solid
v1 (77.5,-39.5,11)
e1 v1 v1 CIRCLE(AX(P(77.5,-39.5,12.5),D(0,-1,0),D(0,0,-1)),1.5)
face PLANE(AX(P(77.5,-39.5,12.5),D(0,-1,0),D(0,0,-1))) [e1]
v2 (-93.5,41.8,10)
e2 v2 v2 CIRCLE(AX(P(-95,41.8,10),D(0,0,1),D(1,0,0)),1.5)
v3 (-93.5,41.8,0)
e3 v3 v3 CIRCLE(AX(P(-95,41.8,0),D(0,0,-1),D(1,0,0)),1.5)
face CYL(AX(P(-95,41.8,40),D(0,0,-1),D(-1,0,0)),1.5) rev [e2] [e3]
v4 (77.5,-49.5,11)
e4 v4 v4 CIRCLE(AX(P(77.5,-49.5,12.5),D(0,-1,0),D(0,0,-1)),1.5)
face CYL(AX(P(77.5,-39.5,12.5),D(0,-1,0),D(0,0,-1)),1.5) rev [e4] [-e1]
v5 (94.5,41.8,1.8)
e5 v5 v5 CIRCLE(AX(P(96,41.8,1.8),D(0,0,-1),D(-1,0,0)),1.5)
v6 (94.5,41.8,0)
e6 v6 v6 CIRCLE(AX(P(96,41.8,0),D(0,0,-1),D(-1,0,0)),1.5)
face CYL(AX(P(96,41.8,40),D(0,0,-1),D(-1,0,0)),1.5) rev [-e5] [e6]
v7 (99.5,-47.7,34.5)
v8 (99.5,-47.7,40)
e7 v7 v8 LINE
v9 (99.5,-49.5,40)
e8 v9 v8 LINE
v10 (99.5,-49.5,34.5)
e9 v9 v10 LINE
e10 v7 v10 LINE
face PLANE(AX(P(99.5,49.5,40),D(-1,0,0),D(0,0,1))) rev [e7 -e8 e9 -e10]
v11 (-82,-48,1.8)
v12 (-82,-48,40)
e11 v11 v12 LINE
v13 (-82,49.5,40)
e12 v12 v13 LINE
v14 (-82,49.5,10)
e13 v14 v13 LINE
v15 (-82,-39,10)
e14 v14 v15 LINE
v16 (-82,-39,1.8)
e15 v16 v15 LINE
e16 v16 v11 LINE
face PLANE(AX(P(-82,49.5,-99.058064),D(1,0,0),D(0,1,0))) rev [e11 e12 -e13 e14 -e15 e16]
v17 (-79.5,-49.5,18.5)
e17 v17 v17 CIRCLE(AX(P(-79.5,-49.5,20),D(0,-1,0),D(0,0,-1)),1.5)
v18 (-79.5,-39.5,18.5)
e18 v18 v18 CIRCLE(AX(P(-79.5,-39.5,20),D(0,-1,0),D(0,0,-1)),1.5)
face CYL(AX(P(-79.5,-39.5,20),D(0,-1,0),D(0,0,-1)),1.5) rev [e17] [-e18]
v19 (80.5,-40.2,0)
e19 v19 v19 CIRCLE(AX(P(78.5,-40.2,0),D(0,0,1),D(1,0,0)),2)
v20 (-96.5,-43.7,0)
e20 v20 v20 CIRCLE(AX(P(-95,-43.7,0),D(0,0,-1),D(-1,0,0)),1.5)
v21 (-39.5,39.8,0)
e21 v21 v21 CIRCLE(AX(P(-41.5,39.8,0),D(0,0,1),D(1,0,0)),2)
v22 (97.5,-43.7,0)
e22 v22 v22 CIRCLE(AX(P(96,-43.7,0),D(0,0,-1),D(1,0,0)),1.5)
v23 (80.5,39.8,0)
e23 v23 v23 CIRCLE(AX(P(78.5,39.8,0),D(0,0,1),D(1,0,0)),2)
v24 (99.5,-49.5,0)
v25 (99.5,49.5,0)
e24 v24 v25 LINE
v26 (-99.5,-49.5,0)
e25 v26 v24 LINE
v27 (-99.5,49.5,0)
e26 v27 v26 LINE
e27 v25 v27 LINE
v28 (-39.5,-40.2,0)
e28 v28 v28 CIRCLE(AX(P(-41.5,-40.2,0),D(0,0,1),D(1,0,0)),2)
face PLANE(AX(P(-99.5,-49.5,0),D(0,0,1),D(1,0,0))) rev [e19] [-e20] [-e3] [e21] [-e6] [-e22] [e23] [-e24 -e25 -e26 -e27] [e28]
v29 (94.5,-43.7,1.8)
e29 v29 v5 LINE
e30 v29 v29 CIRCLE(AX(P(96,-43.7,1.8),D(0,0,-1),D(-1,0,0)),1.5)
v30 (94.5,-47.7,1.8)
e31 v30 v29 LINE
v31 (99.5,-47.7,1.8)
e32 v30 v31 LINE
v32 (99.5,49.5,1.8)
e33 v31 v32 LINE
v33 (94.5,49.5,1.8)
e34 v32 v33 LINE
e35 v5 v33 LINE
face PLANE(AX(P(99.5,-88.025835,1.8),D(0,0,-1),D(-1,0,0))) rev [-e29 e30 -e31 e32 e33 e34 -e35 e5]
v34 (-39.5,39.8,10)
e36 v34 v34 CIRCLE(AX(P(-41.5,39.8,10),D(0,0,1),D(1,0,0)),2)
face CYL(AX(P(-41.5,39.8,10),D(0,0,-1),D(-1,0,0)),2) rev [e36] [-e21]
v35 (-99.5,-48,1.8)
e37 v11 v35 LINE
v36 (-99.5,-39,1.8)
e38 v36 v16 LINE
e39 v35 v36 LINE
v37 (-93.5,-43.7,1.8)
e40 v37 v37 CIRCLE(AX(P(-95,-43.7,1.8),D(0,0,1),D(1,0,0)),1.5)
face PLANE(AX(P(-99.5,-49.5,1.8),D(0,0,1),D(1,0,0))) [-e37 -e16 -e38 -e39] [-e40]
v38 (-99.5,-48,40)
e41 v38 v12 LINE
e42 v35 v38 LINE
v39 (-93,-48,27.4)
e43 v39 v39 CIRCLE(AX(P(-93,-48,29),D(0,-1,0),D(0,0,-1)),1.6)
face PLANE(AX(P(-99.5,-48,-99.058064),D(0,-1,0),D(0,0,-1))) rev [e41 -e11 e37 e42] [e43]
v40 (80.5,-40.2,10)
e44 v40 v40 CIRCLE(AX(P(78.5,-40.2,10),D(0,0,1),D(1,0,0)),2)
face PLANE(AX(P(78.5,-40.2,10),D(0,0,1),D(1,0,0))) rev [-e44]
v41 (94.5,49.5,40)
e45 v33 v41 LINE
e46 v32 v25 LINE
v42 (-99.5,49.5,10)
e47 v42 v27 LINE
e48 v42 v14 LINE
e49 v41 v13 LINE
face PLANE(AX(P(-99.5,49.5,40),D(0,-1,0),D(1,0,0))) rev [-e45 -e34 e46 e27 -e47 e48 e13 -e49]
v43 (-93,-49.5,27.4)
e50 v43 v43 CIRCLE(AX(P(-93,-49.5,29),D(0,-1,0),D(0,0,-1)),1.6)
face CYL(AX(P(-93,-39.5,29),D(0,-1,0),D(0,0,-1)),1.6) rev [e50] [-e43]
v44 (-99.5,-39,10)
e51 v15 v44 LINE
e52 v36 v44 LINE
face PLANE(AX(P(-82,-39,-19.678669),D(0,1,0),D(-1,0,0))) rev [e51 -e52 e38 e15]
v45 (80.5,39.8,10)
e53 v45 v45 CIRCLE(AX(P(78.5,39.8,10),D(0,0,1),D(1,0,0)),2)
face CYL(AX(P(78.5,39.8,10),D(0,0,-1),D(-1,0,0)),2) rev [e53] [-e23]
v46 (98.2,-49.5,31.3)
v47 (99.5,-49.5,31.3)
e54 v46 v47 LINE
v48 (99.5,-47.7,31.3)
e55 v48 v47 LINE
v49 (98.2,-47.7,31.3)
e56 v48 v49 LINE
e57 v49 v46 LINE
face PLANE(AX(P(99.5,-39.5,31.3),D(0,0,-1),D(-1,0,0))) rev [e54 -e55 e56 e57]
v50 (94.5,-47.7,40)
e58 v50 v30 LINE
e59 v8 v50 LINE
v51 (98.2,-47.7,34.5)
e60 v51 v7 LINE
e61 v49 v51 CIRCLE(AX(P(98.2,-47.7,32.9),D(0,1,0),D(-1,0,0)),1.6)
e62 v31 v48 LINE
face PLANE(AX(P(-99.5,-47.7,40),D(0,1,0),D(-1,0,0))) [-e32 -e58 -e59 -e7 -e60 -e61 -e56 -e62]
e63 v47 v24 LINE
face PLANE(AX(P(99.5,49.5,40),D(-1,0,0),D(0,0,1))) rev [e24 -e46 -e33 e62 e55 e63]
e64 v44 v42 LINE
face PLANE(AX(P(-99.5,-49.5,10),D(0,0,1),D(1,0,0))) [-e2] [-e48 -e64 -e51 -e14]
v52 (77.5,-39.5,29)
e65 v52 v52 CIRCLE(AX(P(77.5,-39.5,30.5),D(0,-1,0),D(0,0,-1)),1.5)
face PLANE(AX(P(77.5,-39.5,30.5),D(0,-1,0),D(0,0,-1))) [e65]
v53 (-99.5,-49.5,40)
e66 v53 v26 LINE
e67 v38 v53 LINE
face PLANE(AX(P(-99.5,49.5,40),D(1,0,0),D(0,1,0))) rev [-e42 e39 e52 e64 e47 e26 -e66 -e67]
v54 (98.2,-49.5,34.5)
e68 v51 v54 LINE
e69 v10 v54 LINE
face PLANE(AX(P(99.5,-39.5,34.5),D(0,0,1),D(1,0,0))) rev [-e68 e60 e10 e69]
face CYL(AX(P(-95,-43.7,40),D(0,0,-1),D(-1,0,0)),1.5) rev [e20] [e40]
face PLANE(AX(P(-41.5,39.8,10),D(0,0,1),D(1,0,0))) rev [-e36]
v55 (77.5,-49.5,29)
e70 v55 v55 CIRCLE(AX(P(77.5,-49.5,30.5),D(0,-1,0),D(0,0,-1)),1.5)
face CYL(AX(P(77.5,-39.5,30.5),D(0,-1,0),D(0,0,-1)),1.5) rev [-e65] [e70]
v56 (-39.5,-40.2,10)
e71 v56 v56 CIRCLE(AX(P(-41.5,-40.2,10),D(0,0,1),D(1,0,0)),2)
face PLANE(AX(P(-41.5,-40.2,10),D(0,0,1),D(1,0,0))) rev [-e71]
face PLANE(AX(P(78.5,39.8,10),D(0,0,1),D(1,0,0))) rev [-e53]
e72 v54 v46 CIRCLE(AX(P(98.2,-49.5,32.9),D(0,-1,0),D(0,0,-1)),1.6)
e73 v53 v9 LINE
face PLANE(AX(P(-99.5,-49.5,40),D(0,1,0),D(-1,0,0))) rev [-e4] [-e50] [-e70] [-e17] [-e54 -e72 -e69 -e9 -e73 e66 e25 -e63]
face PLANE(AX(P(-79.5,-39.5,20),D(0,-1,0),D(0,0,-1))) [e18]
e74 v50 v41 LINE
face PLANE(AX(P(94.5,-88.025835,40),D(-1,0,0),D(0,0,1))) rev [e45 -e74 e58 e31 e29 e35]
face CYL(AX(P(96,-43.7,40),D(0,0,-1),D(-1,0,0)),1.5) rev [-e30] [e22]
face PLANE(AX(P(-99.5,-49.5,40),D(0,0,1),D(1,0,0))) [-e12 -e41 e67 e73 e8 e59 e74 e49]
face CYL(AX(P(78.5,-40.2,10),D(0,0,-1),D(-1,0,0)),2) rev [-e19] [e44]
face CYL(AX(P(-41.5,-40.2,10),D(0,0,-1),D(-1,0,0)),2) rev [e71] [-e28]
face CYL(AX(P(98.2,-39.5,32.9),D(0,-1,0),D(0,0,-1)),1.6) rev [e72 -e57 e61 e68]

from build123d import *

# Parameters (mm, degrees)
SKETCH_1_W          = 199
SKETCH_1_H          = 99
EXTRUDE_1_DEPTH     = 40
SKETCH_3_W          = 17.5
SKETCH_3_H          = 97.5
CUT_EXTRUDE_2_DEPTH = 30
SKETCH_6_W          = 5
SKETCH_6_H          = 38.2
CUT_EXTRUDE_5_DEPTH = 97.2
SKETCH_7_W          = 17.5
SKETCH_7_H          = 9
CUT_EXTRUDE_6_DEPTH = 8.2
SKETCH_2_R          = 2
CUT_EXTRUDE_1_DEPTH = 10
SKETCH_4_R          = 1.5
CUT_EXTRUDE_3_DEPTH = 10
SKETCH_5_R          = 1.6
CUT_EXTRUDE_4_DEPTH = 10
SKETCH_8_R          = 1.5
CUT_EXTRUDE_7_DEPTH = 119.11223476


with BuildPart() as part:
    # 草图1 → 拉伸1 (new body)
    with BuildSketch(Plane.XY):
        Rectangle(SKETCH_1_W, SKETCH_1_H)
    extrude(amount=EXTRUDE_1_DEPTH)

    # 草图3 → 切除-拉伸2 (cut)
    with BuildSketch(Plane.XY.offset(40)):
        with Locations((-90.75, 0.75)):
            Rectangle(SKETCH_3_W, SKETCH_3_H)
    extrude(amount=-CUT_EXTRUDE_2_DEPTH, mode=Mode.SUBTRACT)

    # 草图6 → 切除-拉伸5 (cut)
    with BuildSketch(Plane(origin=(0, 49.5, 0), x_dir=(-1, 0, 0), z_dir=(0, 1, 0))):
        with Locations((-97, 20.9)):
            Rectangle(SKETCH_6_W, SKETCH_6_H)
    extrude(amount=-CUT_EXTRUDE_5_DEPTH, mode=Mode.SUBTRACT)

    # 草图7 → 切除-拉伸6 (cut)
    with BuildSketch(Plane.XY.offset(10)):
        with Locations((-90.75, -43.5)):
            Rectangle(SKETCH_7_W, SKETCH_7_H)
    extrude(amount=-CUT_EXTRUDE_6_DEPTH, mode=Mode.SUBTRACT)

    # 草图2 → 切除-拉伸1 (cut)
    with BuildSketch(Plane.XY):
        with Locations((-41.5, 39.8)):
            Circle(SKETCH_2_R)
        with Locations((78.5, 39.8)):
            Circle(SKETCH_2_R)
        with Locations((-41.5, -40.2)):
            Circle(SKETCH_2_R)
        with Locations((78.5, -40.2)):
            Circle(SKETCH_2_R)
    extrude(amount=CUT_EXTRUDE_1_DEPTH, mode=Mode.SUBTRACT)

    # 草图4 → 切除-拉伸3 (cut)
    with BuildSketch(Plane.XZ.offset(49.5)):
        with Locations(Location((-79.5, 20, 0), (0, 0, 270))):
            Circle(SKETCH_4_R)
        with Locations(Location((77.5, 12.5, 0), (0, 0, 270))):
            Circle(SKETCH_4_R)
        with Locations(Location((77.5, 30.5, 0), (0, 0, 270))):
            Circle(SKETCH_4_R)
    extrude(amount=-CUT_EXTRUDE_3_DEPTH, mode=Mode.SUBTRACT)

    # 草图5 → 切除-拉伸4 (cut)
    with BuildSketch(Plane.XZ.offset(49.5)):
        with Locations(Location((-93, 29, 0), (0, 0, 270))):
            Circle(SKETCH_5_R)
        with BuildLine():
            Line((99.5, 34.5), (99.5, 31.3))
            Line((99.5, 31.3), (98.2, 31.3))
            ThreePointArc((98.2, 31.3), (96.6, 32.9), (98.2, 34.5))
            Line((98.2, 34.5), (99.5, 34.5))
        make_face()
    extrude(amount=-CUT_EXTRUDE_4_DEPTH, mode=Mode.SUBTRACT)

    # 草图8 → 切除-拉伸7 (cut, through all)
    with BuildSketch(Plane(origin=(0, 0, 0), x_dir=(-1, 0, 0), z_dir=(0, 0, -1))):
        with Locations((-96, 41.8)):
            Circle(SKETCH_8_R)
        with Locations((-96, -43.7)):
            Circle(SKETCH_8_R)
        with Locations((95, -43.7)):
            Circle(SKETCH_8_R)
        with Locations(Location((95, 41.8, 0), (0, 0, 180))):
            Circle(SKETCH_8_R)
    extrude(amount=-CUT_EXTRUDE_7_DEPTH, mode=Mode.SUBTRACT)


solid = part.part
